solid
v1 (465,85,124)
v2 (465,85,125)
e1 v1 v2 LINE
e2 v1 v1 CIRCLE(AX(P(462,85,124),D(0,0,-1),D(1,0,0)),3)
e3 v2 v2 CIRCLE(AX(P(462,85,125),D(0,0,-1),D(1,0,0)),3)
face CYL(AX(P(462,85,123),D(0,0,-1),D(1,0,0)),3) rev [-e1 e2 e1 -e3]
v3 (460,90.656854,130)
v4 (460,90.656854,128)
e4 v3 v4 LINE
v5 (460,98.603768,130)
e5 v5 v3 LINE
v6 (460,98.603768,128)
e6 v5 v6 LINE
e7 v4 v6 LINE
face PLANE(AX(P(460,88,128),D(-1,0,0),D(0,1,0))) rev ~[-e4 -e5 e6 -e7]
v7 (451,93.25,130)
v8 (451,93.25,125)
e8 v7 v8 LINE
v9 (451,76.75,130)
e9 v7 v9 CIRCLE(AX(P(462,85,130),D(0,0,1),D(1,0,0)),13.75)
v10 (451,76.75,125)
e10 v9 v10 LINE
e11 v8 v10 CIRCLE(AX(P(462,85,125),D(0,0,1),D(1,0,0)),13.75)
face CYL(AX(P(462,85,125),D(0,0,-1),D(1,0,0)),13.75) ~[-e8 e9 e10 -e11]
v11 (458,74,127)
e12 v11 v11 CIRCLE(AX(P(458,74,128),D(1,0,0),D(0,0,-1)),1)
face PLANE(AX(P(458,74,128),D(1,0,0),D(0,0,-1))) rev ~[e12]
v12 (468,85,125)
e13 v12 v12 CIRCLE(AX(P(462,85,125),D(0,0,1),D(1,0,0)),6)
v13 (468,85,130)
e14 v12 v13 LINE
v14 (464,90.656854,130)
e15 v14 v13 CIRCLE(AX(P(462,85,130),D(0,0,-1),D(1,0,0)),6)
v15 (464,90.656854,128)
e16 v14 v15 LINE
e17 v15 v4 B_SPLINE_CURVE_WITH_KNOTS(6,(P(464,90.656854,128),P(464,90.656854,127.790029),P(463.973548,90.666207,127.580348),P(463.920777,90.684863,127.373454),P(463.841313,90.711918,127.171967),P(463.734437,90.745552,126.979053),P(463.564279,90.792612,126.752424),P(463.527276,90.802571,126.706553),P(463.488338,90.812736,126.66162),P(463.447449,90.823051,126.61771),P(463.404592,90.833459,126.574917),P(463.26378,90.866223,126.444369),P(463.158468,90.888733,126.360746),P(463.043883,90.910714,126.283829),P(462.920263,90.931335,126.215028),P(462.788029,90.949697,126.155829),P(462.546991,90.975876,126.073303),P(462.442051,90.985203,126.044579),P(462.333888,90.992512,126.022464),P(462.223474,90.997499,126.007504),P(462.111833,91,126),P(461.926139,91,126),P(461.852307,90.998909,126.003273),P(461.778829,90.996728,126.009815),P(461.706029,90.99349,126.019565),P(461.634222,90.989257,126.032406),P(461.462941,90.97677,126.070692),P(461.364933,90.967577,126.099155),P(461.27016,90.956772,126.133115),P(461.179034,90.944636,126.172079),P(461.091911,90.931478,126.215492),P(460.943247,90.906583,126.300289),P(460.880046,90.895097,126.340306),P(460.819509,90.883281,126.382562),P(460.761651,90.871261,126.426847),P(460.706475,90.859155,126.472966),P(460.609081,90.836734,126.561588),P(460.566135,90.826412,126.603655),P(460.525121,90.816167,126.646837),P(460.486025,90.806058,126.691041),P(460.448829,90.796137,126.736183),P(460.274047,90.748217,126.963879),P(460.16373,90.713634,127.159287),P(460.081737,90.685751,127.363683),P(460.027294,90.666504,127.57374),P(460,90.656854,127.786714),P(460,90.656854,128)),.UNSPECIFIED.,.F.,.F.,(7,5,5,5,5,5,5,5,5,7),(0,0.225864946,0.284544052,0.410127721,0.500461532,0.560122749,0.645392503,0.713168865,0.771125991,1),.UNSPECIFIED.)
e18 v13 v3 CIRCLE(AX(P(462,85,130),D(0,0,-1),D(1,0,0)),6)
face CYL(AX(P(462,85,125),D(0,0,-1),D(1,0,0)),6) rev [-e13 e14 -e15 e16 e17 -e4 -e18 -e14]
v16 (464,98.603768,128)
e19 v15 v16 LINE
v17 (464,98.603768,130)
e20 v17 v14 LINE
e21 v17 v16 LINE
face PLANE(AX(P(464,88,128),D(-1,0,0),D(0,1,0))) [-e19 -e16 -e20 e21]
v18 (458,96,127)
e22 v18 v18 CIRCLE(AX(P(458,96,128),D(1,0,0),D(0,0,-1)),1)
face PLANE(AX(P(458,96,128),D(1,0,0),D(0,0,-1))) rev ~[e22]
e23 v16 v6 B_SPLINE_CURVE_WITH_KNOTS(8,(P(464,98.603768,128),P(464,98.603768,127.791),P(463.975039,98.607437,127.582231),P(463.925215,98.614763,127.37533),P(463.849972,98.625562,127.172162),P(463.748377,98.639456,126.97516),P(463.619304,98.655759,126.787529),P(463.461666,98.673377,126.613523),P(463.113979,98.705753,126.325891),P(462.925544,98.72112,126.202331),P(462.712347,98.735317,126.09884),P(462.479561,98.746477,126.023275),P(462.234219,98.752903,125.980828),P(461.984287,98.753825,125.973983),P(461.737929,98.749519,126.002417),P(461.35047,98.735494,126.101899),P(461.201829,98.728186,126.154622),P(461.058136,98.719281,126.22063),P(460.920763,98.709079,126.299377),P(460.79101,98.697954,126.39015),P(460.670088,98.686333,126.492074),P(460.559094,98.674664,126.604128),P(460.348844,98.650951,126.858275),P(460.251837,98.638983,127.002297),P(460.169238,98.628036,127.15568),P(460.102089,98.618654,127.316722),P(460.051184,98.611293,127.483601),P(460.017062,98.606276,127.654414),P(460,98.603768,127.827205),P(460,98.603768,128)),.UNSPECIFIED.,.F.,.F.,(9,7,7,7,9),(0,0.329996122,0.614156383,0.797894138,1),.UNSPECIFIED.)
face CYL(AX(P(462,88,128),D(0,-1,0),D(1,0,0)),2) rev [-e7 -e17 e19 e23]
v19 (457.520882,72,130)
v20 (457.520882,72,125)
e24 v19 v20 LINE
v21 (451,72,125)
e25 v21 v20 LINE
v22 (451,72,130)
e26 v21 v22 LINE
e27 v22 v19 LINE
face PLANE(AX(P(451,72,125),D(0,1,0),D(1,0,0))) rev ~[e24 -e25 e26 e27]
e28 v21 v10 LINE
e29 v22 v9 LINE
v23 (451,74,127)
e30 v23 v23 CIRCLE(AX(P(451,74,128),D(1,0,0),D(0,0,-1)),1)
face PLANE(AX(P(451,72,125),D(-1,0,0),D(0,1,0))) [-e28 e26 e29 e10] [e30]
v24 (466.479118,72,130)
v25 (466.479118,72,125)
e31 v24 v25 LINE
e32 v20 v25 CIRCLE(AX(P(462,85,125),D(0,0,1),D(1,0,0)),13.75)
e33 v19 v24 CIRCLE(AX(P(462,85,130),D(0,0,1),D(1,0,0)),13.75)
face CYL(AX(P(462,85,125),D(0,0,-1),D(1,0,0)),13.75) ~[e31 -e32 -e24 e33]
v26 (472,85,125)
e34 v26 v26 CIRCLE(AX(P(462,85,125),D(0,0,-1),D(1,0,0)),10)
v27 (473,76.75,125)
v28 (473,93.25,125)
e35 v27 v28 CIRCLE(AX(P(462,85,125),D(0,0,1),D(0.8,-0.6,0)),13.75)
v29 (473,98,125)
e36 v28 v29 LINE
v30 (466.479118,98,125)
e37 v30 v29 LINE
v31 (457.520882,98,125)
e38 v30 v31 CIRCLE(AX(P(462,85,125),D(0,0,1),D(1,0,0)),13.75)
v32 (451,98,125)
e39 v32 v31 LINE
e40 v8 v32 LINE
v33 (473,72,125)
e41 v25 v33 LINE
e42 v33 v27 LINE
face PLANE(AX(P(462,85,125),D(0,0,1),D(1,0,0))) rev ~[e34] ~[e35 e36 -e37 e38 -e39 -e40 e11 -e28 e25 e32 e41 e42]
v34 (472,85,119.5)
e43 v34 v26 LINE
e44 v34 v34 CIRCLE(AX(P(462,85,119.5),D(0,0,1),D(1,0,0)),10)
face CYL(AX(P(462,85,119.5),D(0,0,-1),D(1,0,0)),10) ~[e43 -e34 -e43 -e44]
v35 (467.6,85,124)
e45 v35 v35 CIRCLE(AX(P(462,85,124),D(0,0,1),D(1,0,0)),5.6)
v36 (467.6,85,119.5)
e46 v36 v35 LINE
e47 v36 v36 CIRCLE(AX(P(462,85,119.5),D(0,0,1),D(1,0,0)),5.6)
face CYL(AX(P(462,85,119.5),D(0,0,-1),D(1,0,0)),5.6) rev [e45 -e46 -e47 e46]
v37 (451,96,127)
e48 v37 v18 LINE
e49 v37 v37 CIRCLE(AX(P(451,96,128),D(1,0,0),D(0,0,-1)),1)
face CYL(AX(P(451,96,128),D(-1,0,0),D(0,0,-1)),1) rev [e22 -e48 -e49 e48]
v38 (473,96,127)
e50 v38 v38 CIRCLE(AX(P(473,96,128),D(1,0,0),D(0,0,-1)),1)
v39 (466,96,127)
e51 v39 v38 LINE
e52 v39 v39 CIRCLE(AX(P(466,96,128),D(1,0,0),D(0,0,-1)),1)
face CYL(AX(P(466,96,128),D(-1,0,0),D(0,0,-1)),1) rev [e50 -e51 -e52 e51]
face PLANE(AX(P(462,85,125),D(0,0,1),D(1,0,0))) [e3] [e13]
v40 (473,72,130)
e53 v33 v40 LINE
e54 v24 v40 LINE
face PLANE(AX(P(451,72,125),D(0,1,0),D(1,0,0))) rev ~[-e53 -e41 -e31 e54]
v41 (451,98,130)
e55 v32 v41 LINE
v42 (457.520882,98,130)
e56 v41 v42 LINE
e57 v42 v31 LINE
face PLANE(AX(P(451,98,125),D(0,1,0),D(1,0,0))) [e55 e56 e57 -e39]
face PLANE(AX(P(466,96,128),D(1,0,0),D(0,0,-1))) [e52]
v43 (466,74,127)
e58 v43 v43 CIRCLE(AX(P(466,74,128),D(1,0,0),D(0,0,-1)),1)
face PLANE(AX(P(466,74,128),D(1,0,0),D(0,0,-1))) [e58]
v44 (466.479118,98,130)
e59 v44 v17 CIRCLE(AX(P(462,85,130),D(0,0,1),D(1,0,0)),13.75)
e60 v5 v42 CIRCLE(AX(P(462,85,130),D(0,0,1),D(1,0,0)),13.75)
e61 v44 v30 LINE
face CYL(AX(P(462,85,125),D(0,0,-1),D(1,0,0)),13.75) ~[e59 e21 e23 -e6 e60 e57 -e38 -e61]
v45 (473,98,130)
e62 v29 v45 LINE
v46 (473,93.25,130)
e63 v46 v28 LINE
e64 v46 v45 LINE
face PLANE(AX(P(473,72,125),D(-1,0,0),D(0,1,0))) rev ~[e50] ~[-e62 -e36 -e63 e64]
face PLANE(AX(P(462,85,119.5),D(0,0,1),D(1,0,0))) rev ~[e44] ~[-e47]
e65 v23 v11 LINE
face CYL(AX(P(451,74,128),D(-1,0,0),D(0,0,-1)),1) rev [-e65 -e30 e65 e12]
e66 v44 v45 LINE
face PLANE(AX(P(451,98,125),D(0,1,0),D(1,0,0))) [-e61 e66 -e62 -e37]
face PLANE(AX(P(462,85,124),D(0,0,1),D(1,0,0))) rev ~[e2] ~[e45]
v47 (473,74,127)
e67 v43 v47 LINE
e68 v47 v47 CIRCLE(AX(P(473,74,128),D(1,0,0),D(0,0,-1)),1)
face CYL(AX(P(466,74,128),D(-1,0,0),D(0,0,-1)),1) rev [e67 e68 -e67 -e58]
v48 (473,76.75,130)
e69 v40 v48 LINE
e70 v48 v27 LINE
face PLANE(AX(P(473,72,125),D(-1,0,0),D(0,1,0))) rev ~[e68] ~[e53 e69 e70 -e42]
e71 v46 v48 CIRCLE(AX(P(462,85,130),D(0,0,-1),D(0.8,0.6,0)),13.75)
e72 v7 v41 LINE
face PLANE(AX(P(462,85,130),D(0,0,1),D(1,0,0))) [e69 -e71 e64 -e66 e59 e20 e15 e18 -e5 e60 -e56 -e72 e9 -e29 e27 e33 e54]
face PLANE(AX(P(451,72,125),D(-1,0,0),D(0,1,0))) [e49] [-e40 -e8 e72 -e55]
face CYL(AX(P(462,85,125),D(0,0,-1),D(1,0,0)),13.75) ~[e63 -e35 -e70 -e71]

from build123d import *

# Parameters (mm, degrees)
CYLINDER1317_R     = 1
CYLINDER1317_DEPTH = 7
CYLINDER1318_R     = 1
CYLINDER1318_DEPTH = 7
CYLINDER1319_R     = 1
CYLINDER1319_DEPTH = 7
CYLINDER1320_R     = 1
CYLINDER1320_DEPTH = 7
BOX543_W           = 4
BOX543_H           = 11
BOX543_DEPTH       = 4
CYLINDER1293_R     = 2
CYLINDER1293_DEPTH = 11
CYLINDER1292_R     = 3
CYLINDER1292_DEPTH = 6.5
CYLINDER1286_R     = 6
CYLINDER1286_DEPTH = 6.5
CYLINDER1310_R     = 13.75
CYLINDER1310_DEPTH = 5
CYLINDER1291_R     = 5.6
CYLINDER1291_DEPTH = 4.5
CYLINDER1290_R     = 10
CYLINDER1290_DEPTH = 6
BOX507_W           = 22
BOX507_H           = 26
BOX507_DEPTH       = 5


with BuildPart() as cylinder1317:
    # Cylinder1317 → Cylinder1317 (new body)
    with BuildSketch(Plane(origin=(439, 96, 121), x_dir=(0, 0, -1), z_dir=(1, 0, 0))):
        Circle(CYLINDER1317_R)
    extrude(amount=CYLINDER1317_DEPTH)


with BuildPart() as fusion248002050190:
    # Cylinder1318 → Cylinder1318 (new body)
    with BuildSketch(Plane(origin=(439, 74, 121), x_dir=(0, 0, -1), z_dir=(1, 0, 0))):
        Circle(CYLINDER1318_R)
    extrude(amount=CYLINDER1318_DEPTH)

    # Fusion248002050190: union Cylinder1317
    add(cylinder1317.part)


with BuildPart() as fusion248002050190_1:
    # Fusion248002050190 placement: moved
    add(fusion248002050190.part.moved(Location((12, 0, 7))))


with BuildPart() as cylinder1319:
    # Cylinder1319 → Cylinder1319 (new body)
    with BuildSketch(Plane(origin=(439, 96, 121), x_dir=(0, 0, -1), z_dir=(1, 0, 0))):
        Circle(CYLINDER1319_R)
    extrude(amount=CYLINDER1319_DEPTH)


with BuildPart() as fusion248002050192:
    # Cylinder1320 → Cylinder1320 (new body)
    with BuildSketch(Plane(origin=(439, 74, 121), x_dir=(0, 0, -1), z_dir=(1, 0, 0))):
        Circle(CYLINDER1320_R)
    extrude(amount=CYLINDER1320_DEPTH)

    # Fusion248002050191: union Cylinder1319
    add(cylinder1319.part)


with BuildPart() as fusion248002050192_1:
    # Fusion248002050191 placement: moved
    add(fusion248002050192.part.moved(Location((27, 0, 7))))

    # Fusion248002050192: union Fusion248002050190
    add(fusion248002050190_1.part)


with BuildPart() as cube769:
    # Box543 → Box543 (new body)
    with BuildSketch(Plane(origin=(460, 88, 128), x_dir=(1, 0, 0), z_dir=(0, 0, 1))):
        with Locations((2, 5.5)):
            Rectangle(BOX543_W, BOX543_H)
    extrude(amount=BOX543_DEPTH)


with BuildPart() as fusion248002050172:
    # Cylinder1293 → Cylinder1293 (new body)
    with BuildSketch(Plane(origin=(462, 88, 128), x_dir=(1, 0, 0), z_dir=(0, 1, 0))):
        Circle(CYLINDER1293_R)
    extrude(amount=CYLINDER1293_DEPTH)

    # Fusion248002050172: union Cube769
    add(cube769.part)


with BuildPart() as cylinder1292:
    # Cylinder1292 → Cylinder1292 (new body)
    with BuildSketch(Plane(origin=(462, 85, 123), x_dir=(1, 0, 0), z_dir=(0, 0, 1))):
        Circle(CYLINDER1292_R)
    extrude(amount=CYLINDER1292_DEPTH)


with BuildPart() as cylinder1286:
    # Cylinder1286 → Cylinder1286 (new body)
    with BuildSketch(Plane(origin=(462, 85, 125), x_dir=(1, 0, 0), z_dir=(0, 0, 1))):
        Circle(CYLINDER1286_R)
    extrude(amount=CYLINDER1286_DEPTH)


with BuildPart() as cylinder1310:
    # Cylinder1310 → Cylinder1310 (new body)
    with BuildSketch(Plane(origin=(462, 85, 125), x_dir=(1, 0, 0), z_dir=(0, 0, 1))):
        Circle(CYLINDER1310_R)
    extrude(amount=CYLINDER1310_DEPTH)


with BuildPart() as cylinder1291:
    # Cylinder1291 → Cylinder1291 (new body)
    with BuildSketch(Plane(origin=(462, 85, 119.5), x_dir=(1, 0, 0), z_dir=(0, 0, 1))):
        Circle(CYLINDER1291_R)
    extrude(amount=CYLINDER1291_DEPTH)


with BuildPart() as cut014301:
    # Cylinder1290 → Cylinder1290 (new body)
    with BuildSketch(Plane(origin=(462, 85, 119.5), x_dir=(1, 0, 0), z_dir=(0, 0, 1))):
        Circle(CYLINDER1290_R)
    extrude(amount=CYLINDER1290_DEPTH)

    # Cut014301: cut Cylinder1291
    add(cylinder1291.part, mode=Mode.SUBTRACT)


with BuildPart() as bucket_head:
    # Box507 → Box507 (new body)
    with BuildSketch(Plane(origin=(451, 72, 125), x_dir=(1, 0, 0), z_dir=(0, 0, 1))):
        with Locations((11, 13)):
            Rectangle(BOX507_W, BOX507_H)
    extrude(amount=BOX507_DEPTH)

    # Fusion248002050171: union Cut014301
    add(cut014301.part)

    # Fusion248002050186: union Cylinder1310
    add(cylinder1310.part)

    # Cut014314: cut Cylinder1286
    add(cylinder1286.part, mode=Mode.SUBTRACT)

    # Cut014315: cut Cylinder1292
    add(cylinder1292.part, mode=Mode.SUBTRACT)

    # Cut014316: cut Fusion248002050172
    add(fusion248002050172.part, mode=Mode.SUBTRACT)

    # Cut014318: cut Fusion248002050192
    add(fusion248002050192_1.part, mode=Mode.SUBTRACT)


solid = bucket_head.part
